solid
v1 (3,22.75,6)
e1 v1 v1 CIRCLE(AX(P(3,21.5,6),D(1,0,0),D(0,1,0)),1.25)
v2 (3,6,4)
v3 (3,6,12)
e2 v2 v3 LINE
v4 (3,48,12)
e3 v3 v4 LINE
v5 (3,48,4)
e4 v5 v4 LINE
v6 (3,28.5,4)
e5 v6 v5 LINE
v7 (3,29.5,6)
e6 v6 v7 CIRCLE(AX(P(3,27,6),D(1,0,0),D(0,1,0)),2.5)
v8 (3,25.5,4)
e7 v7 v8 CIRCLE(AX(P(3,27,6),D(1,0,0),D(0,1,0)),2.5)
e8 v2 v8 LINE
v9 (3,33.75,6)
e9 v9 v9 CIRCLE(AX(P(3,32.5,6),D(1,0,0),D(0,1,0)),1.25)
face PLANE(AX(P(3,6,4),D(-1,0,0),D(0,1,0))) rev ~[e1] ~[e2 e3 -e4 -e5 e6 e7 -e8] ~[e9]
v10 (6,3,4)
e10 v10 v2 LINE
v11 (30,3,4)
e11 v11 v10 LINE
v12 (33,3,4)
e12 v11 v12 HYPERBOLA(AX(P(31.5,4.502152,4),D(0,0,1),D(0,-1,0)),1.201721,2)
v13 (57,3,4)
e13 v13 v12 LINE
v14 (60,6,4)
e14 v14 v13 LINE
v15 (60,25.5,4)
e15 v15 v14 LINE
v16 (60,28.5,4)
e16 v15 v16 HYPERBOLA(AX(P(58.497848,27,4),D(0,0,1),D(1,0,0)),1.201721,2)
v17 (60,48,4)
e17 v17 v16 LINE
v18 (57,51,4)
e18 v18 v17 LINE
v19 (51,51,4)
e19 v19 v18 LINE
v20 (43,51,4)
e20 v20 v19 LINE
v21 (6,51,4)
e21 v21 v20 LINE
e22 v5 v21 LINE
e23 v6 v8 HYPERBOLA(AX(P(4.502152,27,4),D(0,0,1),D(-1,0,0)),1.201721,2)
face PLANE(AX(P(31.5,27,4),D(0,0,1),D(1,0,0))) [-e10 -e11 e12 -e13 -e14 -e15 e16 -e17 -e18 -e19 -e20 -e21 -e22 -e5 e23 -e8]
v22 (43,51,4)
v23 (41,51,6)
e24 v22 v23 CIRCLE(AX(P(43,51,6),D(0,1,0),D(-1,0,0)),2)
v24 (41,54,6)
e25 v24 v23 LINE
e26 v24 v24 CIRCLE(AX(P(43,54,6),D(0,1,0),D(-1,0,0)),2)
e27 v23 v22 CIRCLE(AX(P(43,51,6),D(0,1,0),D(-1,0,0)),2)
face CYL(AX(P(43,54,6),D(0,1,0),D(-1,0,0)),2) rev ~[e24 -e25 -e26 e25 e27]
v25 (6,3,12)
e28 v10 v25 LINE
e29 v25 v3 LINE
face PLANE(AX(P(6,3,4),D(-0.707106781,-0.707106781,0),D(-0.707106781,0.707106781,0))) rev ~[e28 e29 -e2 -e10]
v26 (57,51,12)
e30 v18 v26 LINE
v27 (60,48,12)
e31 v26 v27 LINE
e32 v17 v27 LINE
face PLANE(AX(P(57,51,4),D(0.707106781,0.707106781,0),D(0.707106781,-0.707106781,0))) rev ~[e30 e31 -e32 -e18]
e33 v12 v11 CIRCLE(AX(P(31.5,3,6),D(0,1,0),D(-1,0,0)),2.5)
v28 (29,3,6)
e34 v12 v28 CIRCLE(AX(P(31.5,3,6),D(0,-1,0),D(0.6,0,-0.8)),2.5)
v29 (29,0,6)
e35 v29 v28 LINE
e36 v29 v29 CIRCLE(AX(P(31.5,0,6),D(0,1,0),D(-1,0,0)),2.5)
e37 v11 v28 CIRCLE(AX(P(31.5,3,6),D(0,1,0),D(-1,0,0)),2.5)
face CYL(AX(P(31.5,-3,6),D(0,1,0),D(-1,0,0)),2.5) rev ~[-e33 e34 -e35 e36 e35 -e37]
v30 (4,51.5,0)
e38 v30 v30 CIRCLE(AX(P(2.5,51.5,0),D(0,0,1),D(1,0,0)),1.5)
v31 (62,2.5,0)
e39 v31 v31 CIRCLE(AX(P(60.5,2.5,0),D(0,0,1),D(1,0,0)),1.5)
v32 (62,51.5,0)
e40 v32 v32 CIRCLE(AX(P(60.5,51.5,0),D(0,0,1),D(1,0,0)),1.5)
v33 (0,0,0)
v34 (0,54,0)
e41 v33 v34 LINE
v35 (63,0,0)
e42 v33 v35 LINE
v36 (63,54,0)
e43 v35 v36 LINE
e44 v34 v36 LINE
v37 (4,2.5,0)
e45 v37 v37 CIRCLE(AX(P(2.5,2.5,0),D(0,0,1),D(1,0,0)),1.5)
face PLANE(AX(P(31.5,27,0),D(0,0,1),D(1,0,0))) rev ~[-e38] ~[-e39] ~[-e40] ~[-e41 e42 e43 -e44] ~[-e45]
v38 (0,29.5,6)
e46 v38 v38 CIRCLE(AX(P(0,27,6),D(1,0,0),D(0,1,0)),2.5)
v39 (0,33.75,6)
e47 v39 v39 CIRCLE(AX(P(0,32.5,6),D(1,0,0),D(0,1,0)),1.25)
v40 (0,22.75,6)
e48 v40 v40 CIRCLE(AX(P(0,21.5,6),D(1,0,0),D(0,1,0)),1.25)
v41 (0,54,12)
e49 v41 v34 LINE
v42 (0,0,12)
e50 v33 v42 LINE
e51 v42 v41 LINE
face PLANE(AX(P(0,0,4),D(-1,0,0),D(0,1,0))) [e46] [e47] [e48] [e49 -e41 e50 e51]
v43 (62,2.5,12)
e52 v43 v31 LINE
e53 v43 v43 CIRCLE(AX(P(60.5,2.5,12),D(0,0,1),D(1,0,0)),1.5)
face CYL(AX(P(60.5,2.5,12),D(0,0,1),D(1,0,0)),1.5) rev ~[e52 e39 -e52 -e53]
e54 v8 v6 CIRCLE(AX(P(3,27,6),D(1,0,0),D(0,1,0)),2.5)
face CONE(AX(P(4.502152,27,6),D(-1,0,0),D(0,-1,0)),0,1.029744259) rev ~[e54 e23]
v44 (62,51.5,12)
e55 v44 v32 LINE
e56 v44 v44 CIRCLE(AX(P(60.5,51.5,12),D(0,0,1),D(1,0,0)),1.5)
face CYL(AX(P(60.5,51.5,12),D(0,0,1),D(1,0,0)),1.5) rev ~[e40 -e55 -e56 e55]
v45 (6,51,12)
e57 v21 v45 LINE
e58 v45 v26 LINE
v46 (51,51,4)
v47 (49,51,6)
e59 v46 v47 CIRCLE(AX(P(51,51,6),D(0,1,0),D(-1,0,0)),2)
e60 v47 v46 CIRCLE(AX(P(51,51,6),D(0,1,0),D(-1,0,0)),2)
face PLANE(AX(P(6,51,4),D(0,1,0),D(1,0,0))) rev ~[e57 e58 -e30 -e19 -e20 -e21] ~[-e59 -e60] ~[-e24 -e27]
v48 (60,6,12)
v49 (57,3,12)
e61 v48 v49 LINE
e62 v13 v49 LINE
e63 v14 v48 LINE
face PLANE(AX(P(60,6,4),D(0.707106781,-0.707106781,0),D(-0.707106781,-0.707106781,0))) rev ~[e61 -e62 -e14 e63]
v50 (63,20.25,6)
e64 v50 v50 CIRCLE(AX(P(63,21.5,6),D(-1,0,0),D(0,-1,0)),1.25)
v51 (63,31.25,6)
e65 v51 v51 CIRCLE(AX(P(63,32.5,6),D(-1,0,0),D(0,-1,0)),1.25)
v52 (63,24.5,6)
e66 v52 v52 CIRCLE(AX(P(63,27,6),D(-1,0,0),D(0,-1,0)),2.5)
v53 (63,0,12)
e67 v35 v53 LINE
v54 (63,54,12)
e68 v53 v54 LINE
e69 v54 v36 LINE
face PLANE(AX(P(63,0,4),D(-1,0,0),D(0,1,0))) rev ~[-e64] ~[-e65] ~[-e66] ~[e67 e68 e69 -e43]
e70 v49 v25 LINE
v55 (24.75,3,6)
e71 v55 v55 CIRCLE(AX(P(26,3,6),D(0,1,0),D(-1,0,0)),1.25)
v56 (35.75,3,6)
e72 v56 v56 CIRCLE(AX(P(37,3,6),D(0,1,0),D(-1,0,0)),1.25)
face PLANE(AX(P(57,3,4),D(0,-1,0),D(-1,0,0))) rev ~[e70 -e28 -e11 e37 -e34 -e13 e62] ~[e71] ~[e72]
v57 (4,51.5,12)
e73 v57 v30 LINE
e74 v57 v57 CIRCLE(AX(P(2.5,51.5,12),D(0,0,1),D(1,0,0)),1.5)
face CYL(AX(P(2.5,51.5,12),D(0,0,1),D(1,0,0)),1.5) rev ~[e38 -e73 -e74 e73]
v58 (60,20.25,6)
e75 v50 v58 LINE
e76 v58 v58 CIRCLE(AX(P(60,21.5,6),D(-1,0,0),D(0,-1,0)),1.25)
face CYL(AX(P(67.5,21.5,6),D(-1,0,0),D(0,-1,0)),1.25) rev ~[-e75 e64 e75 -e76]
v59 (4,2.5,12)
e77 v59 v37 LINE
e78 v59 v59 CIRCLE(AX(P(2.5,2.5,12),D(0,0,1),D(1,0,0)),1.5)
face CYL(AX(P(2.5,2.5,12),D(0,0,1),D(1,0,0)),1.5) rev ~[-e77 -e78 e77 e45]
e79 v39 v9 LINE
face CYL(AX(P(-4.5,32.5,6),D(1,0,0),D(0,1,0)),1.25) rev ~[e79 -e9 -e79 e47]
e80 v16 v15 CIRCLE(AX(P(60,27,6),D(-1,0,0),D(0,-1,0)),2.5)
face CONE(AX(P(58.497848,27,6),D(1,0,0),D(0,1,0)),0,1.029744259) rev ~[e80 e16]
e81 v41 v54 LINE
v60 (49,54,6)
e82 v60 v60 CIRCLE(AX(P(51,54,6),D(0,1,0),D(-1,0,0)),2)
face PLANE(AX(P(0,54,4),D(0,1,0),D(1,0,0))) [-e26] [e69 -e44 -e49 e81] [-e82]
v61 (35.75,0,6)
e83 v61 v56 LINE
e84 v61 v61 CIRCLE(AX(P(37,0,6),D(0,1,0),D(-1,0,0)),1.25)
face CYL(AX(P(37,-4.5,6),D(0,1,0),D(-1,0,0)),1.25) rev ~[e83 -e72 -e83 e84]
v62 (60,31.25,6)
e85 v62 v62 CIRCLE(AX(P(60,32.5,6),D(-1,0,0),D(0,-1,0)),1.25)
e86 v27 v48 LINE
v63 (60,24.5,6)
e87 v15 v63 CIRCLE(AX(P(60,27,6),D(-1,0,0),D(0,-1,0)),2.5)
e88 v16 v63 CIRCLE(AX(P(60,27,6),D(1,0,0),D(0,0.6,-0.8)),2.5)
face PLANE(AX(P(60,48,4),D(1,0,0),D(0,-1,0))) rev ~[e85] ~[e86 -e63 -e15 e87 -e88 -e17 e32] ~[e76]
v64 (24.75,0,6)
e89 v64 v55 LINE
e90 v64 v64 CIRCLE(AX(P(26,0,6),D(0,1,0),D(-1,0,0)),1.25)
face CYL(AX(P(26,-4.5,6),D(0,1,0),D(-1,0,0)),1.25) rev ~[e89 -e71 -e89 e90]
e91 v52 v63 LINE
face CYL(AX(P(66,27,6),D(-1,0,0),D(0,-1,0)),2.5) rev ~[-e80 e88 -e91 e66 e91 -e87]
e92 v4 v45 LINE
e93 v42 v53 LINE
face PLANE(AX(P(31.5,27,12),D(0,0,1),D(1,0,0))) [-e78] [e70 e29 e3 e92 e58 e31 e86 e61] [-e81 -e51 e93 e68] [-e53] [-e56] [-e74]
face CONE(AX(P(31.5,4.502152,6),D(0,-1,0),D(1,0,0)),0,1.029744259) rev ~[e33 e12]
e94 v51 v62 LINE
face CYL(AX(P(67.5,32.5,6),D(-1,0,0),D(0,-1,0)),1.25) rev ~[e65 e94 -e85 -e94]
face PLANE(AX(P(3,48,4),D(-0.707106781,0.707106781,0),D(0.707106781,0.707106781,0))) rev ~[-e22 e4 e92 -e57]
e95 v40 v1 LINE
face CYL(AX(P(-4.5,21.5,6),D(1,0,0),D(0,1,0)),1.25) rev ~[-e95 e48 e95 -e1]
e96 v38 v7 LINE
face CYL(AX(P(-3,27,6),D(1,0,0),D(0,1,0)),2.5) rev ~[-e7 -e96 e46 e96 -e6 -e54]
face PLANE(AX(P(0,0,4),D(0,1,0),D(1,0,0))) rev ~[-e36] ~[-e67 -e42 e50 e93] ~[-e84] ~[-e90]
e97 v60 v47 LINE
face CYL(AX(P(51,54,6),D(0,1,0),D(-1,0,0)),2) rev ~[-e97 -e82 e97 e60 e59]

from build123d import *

# Parameters (mm, degrees)
F0_W      = 63
F0_H      = 54
F1_DEPTH  = 4
F2_W      = 63
F2_H      = 54
F3_DEPTH  = 8
F6_R      = 2
F7_DEPTH  = 3
F8_D      = 2.5
F8_DEPTH  = 4.5
F8_TIP    = 0.7510757738
F10_D     = 2.5
F10_DEPTH = 4.5
F10_TIP   = 0.7510757738
F12_D     = 5
F12_DEPTH = 3
F12_TIP   = 1.5021515476
F14_D     = 5
F14_DEPTH = 3
F14_TIP   = 1.5021515476
F15_D     = 2.5
F15_DEPTH = 4.5
F15_TIP   = 0.7510757738
F17_D     = 5
F17_DEPTH = 3
F17_TIP   = 1.5021515476
F18_R     = 1.5
F19_DEPTH = 12


with BuildPart() as f1:
    # F0 (on Top) → F1 (new body)
    with BuildSketch(Plane.XY):
        with Locations((31.5, 27)):
            Rectangle(F0_W, F0_H)
    extrude(amount=F1_DEPTH)

    # F2 (on face) → F3 (join)
    with BuildSketch(Plane.XY.offset(4)):
        with Locations((31.5, 27)):
            Rectangle(F2_W, F2_H)
        Polygon((3, 48), (6, 51), (57, 51), (60, 48), (60, 6), (57, 3), (6, 3), (3, 6), align=None, mode=Mode.SUBTRACT)
    extrude(amount=F3_DEPTH)

    # F6 (on face) → F7 (cut)
    with BuildSketch(Plane(origin=(0, 54, 0), x_dir=(-1, 0, 0), z_dir=(0, 1, 0))):
        with Locations((-43, 6)):
            Circle(F6_R)
        with Locations((-51, 6)):
            Circle(F6_R)
    extrude(amount=-F7_DEPTH, mode=Mode.SUBTRACT)

    # F8
    with Locations(Plane.XZ):
        with Locations((26, 6), (37, 6)):
            Hole(F8_D / 2, depth=F8_DEPTH)
            with Locations((0, 0, -(F8_DEPTH + F8_TIP / 2))):  # 118° drill point
                Cone(0, F8_D / 2, F8_TIP, mode=Mode.SUBTRACT)

    # F10
    with Locations(Plane(origin=(0, 0, 0), x_dir=(0, -1, 0), z_dir=(-1, 0, 0))):
        with Locations((-32.5, 6), (-21.5, 6)):
            Hole(F10_D / 2, depth=F10_DEPTH)
            with Locations((0, 0, -(F10_DEPTH + F10_TIP / 2))):  # 118° drill point
                Cone(0, F10_D / 2, F10_TIP, mode=Mode.SUBTRACT)

    # F12
    with Locations(Plane(origin=(0, 0, 0), x_dir=(0, -1, 0), z_dir=(-1, 0, 0))):
        with Locations((-27, 6)):
            Hole(F12_D / 2, depth=F12_DEPTH)
            with Locations((0, 0, -(F12_DEPTH + F12_TIP / 2))):  # 118° drill point
                Cone(0, F12_D / 2, F12_TIP, mode=Mode.SUBTRACT)

    # F14
    with Locations(Plane.XZ):
        with Locations((31.5, 6)):
            Hole(F14_D / 2, depth=F14_DEPTH)
            with Locations((0, 0, -(F14_DEPTH + F14_TIP / 2))):  # 118° drill point
                Cone(0, F14_D / 2, F14_TIP, mode=Mode.SUBTRACT)

    # F15
    with Locations(Plane.YZ.offset(63)):
        with Locations((21.5, 6), (32.5, 6)):
            Hole(F15_D / 2, depth=F15_DEPTH)
            with Locations((0, 0, -(F15_DEPTH + F15_TIP / 2))):  # 118° drill point
                Cone(0, F15_D / 2, F15_TIP, mode=Mode.SUBTRACT)

    # F17
    with Locations(Plane.YZ.offset(63)):
        with Locations((27, 6)):
            Hole(F17_D / 2, depth=F17_DEPTH)
            with Locations((0, 0, -(F17_DEPTH + F17_TIP / 2))):  # 118° drill point
                Cone(0, F17_D / 2, F17_TIP, mode=Mode.SUBTRACT)

    # F18 (on face) → F19 (cut)
    with BuildSketch(Plane.XY.offset(12)):
        with Locations((2.5, 51.5)):
            Circle(F18_R)
        with Locations((60.5, 51.5)):
            Circle(F18_R)
        with Locations((2.5, 2.5)):
            Circle(F18_R)
        with Locations((60.5, 2.5)):
            Circle(F18_R)
    extrude(amount=-F19_DEPTH, mode=Mode.SUBTRACT)


solid = f1.part
